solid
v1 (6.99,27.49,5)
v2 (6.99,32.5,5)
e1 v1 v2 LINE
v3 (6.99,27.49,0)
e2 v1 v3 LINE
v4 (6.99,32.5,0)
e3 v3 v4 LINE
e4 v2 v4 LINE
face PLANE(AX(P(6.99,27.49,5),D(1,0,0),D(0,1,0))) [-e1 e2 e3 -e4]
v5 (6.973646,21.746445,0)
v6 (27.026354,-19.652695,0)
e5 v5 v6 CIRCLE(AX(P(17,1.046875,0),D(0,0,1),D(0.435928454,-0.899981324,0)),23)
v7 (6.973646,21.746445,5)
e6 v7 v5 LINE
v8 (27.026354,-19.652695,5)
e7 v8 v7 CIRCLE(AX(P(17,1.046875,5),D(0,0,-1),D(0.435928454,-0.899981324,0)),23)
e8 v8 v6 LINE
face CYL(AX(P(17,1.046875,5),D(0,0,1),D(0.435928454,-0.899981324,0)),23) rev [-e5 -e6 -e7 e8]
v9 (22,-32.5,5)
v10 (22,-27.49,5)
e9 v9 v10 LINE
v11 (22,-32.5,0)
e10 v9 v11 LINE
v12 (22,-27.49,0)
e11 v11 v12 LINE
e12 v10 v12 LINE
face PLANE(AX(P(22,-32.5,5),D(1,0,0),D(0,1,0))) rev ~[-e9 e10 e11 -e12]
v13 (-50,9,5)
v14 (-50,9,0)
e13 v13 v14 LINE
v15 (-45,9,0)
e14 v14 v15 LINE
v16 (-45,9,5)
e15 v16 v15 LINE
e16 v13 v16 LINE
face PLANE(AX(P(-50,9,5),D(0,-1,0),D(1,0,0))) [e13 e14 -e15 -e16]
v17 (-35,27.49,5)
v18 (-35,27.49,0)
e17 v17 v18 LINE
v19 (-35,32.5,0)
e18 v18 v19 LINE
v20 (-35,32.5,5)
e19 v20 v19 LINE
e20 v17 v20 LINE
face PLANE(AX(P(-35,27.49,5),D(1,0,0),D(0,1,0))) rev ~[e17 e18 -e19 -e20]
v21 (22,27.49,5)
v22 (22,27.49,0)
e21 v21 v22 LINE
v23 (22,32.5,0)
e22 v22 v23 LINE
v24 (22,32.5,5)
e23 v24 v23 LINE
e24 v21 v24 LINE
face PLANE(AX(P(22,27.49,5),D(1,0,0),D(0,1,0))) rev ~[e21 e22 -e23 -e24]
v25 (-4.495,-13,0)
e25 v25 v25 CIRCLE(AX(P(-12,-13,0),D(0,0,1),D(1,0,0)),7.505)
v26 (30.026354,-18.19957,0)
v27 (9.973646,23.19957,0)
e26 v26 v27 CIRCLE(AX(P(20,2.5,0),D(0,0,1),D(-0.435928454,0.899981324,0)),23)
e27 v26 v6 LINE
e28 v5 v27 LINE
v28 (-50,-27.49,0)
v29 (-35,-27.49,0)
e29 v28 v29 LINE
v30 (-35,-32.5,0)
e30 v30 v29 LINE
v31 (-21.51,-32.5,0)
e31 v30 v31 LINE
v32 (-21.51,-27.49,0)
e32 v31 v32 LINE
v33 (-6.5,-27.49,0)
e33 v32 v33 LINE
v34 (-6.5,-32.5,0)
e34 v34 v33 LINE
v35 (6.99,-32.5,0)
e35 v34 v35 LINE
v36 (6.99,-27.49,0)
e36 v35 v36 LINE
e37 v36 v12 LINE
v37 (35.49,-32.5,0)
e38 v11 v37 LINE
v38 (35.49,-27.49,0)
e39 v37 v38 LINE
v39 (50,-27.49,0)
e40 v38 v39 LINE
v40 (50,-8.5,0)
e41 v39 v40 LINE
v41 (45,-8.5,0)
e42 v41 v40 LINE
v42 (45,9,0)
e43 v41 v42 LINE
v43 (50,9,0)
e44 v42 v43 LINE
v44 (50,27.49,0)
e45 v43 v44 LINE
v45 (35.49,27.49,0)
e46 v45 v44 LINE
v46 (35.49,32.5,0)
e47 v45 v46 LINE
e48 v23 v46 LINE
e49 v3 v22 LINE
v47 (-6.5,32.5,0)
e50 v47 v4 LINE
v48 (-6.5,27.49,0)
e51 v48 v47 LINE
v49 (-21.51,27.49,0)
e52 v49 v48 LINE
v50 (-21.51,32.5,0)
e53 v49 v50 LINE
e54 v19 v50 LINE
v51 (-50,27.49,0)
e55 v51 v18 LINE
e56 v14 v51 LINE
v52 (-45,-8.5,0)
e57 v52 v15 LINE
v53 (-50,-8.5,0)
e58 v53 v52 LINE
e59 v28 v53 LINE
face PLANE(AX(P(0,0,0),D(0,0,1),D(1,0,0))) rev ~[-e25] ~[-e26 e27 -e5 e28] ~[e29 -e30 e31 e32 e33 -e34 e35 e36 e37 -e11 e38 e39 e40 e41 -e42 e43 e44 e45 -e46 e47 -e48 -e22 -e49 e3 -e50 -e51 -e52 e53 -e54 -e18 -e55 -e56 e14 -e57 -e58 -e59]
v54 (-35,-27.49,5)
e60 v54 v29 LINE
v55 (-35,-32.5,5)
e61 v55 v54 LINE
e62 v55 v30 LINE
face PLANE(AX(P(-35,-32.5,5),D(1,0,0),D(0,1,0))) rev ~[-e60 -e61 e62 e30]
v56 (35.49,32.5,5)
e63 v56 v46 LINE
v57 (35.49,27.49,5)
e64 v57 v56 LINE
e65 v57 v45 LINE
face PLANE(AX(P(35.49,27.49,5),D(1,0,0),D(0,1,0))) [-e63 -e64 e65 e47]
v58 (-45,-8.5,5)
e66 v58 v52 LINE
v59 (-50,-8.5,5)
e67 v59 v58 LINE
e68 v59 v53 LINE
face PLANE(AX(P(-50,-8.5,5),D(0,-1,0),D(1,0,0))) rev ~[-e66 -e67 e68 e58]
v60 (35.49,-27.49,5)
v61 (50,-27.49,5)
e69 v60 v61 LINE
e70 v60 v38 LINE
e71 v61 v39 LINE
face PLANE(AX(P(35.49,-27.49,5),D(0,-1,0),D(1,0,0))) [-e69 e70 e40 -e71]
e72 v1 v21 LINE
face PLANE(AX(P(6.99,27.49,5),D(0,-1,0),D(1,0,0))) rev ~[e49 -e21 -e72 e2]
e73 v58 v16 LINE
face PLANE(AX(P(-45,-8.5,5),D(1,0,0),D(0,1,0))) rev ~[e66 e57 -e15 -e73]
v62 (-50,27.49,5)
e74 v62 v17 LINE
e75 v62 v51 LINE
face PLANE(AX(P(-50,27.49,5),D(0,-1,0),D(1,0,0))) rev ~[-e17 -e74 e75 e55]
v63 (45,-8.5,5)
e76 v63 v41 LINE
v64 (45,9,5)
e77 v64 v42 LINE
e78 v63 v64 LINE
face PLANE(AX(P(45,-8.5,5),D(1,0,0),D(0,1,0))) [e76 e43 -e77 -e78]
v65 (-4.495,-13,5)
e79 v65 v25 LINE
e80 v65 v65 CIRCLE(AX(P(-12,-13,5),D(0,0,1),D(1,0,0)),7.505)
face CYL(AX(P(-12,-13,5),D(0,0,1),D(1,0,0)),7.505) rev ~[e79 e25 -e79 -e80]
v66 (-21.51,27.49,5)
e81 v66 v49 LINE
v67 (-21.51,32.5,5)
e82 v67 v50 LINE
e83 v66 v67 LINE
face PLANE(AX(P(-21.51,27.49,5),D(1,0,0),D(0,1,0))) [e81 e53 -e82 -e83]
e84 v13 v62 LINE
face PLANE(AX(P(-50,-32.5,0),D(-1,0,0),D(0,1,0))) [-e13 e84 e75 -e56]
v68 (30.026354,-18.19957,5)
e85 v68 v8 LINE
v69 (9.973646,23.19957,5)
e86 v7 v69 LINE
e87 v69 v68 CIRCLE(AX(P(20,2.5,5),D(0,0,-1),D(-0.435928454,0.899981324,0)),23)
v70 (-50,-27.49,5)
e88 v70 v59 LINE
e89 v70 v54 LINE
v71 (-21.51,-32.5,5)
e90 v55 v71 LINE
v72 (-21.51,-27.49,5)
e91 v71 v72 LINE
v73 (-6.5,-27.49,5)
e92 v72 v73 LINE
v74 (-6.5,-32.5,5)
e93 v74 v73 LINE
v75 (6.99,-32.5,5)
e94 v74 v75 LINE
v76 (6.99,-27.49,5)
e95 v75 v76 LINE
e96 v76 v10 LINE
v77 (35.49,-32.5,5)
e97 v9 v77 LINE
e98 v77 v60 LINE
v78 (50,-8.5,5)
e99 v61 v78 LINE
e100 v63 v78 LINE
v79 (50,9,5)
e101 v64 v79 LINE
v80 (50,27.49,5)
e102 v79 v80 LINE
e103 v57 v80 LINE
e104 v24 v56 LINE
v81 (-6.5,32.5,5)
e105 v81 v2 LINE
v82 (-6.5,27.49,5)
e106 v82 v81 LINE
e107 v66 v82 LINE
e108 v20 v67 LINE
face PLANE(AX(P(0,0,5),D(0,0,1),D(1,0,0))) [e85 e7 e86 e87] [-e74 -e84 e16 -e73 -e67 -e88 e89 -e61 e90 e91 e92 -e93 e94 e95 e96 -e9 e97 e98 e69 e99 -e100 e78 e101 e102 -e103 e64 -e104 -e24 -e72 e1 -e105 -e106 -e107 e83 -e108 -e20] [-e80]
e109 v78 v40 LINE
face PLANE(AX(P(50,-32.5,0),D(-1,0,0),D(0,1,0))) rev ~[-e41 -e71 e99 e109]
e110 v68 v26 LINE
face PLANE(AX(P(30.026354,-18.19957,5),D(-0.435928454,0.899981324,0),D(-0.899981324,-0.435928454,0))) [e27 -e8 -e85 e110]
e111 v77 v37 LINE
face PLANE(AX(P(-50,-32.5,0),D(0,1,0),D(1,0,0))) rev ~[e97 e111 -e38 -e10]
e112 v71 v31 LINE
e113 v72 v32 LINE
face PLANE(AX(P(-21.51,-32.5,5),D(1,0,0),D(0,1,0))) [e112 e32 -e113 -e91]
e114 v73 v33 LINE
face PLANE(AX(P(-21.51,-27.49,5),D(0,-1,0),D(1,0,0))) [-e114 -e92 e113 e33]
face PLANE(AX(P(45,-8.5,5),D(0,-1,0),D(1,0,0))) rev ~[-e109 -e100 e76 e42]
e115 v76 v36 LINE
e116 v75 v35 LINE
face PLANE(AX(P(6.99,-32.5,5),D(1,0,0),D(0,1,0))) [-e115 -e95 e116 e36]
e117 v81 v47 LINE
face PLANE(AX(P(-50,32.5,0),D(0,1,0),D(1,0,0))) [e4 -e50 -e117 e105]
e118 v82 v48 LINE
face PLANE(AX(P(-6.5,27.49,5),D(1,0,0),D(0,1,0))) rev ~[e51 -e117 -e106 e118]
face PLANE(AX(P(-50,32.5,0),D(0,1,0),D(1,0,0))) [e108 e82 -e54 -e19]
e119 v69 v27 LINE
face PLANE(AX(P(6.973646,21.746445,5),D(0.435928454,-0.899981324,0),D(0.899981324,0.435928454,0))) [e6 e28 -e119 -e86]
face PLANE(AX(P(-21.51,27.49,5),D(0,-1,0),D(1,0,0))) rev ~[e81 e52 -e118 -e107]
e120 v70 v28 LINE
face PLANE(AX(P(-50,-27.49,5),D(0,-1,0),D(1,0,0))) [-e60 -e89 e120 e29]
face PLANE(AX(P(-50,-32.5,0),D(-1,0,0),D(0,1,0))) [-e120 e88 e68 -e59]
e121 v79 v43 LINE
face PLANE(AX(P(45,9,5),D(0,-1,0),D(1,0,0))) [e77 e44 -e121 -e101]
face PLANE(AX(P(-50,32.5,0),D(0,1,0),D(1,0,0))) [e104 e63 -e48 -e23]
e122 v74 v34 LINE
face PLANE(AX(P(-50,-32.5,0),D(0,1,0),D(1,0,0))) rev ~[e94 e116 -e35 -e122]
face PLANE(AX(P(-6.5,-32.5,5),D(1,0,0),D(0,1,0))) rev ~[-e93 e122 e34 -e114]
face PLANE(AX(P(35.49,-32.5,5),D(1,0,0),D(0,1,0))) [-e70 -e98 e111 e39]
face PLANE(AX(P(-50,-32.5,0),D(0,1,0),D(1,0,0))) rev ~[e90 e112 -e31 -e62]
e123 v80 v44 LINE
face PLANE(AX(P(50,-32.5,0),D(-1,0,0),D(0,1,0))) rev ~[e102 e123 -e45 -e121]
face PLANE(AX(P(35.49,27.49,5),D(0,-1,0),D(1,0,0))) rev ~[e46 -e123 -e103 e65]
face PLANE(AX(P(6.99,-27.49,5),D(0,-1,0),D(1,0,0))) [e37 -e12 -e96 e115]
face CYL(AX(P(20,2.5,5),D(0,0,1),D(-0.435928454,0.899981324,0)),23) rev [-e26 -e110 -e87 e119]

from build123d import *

# Parameters (mm, degrees)
ESQUISSE1_W             = 100
ESQUISSE1_H             = 65
BOSS_EXTRU_1_DEPTH      = 5
ESQUISSE2_W             = 15
ESQUISSE2_H             = 5.01
ESQUISSE2_W_2           = 15.01
ESQUISSE2_W_3           = 14.51
ESQUISSE2_W_4           = 5
ESQUISSE2_H_2           = 17.5
ENL_V_MAT_EXTRU_1_DEPTH = 5
ESQUISSE3_R             = 7.505
ENL_V_MAT_EXTRU_2_DEPTH = 10


with BuildPart() as part:
    # Esquisse1 → Boss.-Extru.1 (new body)
    with BuildSketch(Plane.XY):
        Rectangle(ESQUISSE1_W, ESQUISSE1_H)
    extrude(amount=BOSS_EXTRU_1_DEPTH)

    # Esquisse2 → Enlèv. mat.-Extru.1 (cut)
    with BuildSketch(Plane.XY.offset(5)):
        with Locations((-42.5, 29.995)):
            Rectangle(ESQUISSE2_W, ESQUISSE2_H)
        with Locations((-14.005, 29.995)):
            Rectangle(ESQUISSE2_W_2, ESQUISSE2_H)
        with Locations((14.495, 29.995)):
            Rectangle(ESQUISSE2_W_2, ESQUISSE2_H)
        with Locations((42.745, 29.995)):
            Rectangle(ESQUISSE2_W_3, ESQUISSE2_H)
        with Locations((-47.5, 0.25)):
            Rectangle(ESQUISSE2_W_4, ESQUISSE2_H_2)
        with Locations((47.5, 0.25)):
            Rectangle(ESQUISSE2_W_4, ESQUISSE2_H_2)
        with Locations((42.745, -29.995)):
            Rectangle(ESQUISSE2_W_3, ESQUISSE2_H)
        with Locations((14.495, -29.995)):
            Rectangle(ESQUISSE2_W_2, ESQUISSE2_H)
        with Locations((-14.005, -29.995)):
            Rectangle(ESQUISSE2_W_2, ESQUISSE2_H)
        with Locations((-42.5, -29.995)):
            Rectangle(ESQUISSE2_W, ESQUISSE2_H)
    extrude(amount=-ENL_V_MAT_EXTRU_1_DEPTH, mode=Mode.SUBTRACT)

    # Esquisse3 → Enlèv. mat.-Extru.2 (cut)
    with BuildSketch(Plane.XY.offset(5)):
        with Locations((-12, -13)):
            Circle(ESQUISSE3_R)
        with BuildLine():
            Line((6.973645564, 21.746445448), (9.973645564, 23.199570448))
            ThreePointArc((9.973645564, 23.199570448), (40.699570448, 12.526354436), (30.026354436, -18.199570448))
            Line((30.026354436, -18.199570448), (27.026354436, -19.652695448))
            ThreePointArc((27.026354436, -19.652695448), (-3.699570448, -8.979479436), (6.973645564, 21.746445448))
        make_face()
    extrude(amount=-ENL_V_MAT_EXTRU_2_DEPTH, mode=Mode.SUBTRACT)


solid = part.part
